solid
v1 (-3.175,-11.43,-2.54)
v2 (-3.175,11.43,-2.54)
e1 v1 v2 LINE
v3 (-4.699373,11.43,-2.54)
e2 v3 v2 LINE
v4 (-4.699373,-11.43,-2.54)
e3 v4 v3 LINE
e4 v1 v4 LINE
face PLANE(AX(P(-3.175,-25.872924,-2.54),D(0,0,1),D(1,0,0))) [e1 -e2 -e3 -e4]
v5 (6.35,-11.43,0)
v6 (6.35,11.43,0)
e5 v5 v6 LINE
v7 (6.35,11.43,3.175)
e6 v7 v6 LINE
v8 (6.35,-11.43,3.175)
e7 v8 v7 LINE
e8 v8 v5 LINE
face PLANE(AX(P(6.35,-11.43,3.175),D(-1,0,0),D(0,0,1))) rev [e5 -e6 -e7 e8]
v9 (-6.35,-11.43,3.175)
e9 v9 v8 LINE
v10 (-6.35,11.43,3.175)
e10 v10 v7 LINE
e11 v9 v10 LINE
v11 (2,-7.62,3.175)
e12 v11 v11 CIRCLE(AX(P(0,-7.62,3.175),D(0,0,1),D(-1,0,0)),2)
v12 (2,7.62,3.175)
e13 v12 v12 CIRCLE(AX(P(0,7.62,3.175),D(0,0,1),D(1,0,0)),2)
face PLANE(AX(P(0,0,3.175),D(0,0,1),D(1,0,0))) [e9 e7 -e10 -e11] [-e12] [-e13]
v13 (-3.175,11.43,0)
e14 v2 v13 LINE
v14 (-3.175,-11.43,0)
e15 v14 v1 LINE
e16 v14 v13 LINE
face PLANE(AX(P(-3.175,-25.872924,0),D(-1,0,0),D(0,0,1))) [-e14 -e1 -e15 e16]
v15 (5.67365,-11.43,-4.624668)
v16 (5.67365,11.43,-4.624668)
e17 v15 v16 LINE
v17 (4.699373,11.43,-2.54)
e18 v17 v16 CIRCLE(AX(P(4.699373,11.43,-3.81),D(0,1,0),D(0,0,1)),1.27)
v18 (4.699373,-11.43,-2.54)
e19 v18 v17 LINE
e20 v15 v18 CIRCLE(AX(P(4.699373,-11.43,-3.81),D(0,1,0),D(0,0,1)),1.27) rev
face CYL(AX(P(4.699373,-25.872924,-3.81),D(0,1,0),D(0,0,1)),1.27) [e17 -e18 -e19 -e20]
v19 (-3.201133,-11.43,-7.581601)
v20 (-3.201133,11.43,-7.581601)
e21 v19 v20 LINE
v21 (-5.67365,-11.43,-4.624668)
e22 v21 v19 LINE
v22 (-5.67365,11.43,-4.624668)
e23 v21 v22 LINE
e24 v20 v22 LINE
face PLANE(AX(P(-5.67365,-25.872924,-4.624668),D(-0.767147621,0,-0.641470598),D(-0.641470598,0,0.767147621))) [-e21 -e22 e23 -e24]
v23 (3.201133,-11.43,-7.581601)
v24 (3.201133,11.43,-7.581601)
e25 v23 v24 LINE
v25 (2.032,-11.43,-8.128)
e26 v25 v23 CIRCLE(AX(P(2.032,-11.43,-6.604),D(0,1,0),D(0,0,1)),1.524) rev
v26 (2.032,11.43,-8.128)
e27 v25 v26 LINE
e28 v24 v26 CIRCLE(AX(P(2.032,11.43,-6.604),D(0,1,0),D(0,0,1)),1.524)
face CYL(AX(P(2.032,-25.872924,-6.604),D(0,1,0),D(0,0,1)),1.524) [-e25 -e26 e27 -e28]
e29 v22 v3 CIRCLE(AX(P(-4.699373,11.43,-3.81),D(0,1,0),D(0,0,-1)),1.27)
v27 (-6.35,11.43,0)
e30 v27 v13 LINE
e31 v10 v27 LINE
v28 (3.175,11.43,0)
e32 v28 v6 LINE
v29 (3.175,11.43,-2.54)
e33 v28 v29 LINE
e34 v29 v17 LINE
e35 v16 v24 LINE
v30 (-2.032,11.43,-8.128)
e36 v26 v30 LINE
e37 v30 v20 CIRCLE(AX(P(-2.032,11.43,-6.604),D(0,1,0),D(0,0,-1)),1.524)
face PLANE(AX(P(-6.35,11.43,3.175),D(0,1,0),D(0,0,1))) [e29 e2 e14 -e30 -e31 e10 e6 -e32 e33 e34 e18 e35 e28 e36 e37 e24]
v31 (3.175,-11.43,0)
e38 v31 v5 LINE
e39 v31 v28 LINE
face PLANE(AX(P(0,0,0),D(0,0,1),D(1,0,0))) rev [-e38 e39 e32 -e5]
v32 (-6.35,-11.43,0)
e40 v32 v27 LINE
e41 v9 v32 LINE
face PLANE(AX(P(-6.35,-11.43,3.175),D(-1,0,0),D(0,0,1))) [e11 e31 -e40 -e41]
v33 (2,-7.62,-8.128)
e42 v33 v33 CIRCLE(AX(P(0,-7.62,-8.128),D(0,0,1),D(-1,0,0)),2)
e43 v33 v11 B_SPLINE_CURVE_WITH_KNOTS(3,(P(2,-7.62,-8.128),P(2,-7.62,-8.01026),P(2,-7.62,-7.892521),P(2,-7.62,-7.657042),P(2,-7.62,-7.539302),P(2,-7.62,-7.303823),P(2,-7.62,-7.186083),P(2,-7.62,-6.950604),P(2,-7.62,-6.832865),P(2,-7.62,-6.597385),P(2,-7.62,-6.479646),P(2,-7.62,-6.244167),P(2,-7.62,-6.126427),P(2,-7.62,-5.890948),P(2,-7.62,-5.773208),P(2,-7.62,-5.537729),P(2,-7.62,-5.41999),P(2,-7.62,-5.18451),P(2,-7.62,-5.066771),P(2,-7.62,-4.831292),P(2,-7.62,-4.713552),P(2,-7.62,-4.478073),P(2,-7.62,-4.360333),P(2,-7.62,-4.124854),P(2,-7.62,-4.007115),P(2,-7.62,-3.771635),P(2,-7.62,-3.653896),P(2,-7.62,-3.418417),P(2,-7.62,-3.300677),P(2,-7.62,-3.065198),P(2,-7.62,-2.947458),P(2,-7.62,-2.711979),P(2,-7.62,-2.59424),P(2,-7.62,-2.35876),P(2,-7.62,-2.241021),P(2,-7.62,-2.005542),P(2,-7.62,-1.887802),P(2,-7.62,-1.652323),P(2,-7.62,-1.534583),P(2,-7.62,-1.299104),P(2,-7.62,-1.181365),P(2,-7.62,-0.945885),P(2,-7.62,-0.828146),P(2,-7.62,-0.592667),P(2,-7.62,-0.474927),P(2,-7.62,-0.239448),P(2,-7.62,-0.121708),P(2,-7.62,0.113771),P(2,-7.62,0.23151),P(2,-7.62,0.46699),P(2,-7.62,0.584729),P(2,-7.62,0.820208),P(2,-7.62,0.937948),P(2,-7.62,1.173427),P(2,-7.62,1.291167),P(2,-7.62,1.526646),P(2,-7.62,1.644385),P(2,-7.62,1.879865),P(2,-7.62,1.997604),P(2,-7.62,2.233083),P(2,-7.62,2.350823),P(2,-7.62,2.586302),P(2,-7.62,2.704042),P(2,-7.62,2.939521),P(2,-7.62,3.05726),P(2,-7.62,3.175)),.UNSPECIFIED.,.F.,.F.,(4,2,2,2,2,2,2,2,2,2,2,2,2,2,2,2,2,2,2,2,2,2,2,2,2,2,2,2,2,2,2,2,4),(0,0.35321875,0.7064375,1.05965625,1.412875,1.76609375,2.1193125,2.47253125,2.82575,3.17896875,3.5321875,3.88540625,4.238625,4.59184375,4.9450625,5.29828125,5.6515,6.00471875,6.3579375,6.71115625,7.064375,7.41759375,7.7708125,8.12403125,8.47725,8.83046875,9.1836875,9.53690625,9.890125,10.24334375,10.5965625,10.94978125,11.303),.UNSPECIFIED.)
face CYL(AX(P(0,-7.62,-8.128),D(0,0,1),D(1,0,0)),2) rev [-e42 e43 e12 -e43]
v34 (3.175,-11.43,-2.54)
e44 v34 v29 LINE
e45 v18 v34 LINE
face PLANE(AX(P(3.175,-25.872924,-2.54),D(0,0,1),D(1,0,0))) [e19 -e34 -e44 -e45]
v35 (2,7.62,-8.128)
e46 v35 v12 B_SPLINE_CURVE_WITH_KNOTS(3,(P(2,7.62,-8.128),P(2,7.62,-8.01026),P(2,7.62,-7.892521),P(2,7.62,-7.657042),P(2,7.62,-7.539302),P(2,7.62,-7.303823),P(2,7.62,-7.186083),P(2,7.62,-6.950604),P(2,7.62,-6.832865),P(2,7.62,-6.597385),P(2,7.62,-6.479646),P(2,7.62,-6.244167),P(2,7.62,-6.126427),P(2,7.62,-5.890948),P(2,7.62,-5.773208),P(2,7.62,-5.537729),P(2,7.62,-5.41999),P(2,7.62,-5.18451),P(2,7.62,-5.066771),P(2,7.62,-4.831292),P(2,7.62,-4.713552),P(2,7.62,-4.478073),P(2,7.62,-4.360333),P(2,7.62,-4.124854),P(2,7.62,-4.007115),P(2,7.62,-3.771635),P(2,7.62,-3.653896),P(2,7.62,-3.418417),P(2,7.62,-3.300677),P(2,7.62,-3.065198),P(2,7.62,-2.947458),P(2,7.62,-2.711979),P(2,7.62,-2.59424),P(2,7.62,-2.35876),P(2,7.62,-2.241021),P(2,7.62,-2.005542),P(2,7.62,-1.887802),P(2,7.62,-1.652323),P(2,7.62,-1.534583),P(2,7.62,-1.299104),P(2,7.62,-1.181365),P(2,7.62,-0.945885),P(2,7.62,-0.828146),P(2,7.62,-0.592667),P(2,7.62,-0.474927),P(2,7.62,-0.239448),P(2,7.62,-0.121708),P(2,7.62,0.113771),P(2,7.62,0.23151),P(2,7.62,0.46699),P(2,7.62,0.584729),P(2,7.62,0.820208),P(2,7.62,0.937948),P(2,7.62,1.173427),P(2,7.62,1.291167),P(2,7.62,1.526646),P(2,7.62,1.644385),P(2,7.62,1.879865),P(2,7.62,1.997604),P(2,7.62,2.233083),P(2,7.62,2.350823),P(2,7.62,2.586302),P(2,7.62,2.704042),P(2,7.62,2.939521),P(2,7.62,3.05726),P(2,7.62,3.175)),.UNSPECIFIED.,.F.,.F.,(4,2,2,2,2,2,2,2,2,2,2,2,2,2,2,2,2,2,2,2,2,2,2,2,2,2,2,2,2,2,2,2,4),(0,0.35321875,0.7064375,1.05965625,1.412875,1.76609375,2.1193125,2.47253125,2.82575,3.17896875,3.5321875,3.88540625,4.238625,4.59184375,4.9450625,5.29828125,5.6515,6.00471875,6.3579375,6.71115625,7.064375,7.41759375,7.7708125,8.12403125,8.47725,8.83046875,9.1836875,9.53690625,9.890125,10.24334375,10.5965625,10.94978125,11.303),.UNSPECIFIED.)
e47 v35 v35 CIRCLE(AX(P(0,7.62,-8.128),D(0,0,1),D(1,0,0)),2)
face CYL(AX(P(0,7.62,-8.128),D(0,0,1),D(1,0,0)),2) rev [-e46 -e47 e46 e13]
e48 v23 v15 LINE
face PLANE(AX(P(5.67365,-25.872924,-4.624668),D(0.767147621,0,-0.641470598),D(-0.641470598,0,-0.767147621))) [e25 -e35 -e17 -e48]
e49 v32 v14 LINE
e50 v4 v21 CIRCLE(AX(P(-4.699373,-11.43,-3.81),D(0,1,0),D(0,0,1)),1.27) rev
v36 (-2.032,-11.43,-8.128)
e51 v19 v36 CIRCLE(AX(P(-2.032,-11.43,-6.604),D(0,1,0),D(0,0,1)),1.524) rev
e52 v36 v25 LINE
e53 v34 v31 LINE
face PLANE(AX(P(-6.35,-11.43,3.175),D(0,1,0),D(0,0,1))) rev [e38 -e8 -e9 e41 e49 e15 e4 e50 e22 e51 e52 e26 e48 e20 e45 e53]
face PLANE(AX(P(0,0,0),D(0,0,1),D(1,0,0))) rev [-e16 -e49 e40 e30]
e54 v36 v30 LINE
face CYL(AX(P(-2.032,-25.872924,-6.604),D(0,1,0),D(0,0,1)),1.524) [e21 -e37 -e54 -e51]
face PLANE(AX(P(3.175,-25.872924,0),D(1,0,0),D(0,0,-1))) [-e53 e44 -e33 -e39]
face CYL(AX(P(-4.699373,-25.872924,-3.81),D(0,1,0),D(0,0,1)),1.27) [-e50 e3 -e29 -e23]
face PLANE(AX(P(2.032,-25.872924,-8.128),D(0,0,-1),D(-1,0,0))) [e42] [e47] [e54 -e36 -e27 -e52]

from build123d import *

# Parameters (mm, degrees)
SKETCH1_W           = 12.7
SKETCH1_H           = 22.86
BOSS_EXTRUDE1_DEPTH = 3.175
BOSS_EXTRUDE2_DEPTH = 22.86
SKETCH4_R           = 2
CUT_EXTRUDE1_DEPTH  = 18.283668852


with BuildPart() as part:
    # Sketch1 → Boss-Extrude1 (new body)
    with BuildSketch(Plane.XY):
        Rectangle(SKETCH1_W, SKETCH1_H)
    extrude(amount=BOSS_EXTRUDE1_DEPTH)

    # Sketch2 → Boss-Extrude2 (add)
    with BuildSketch(Plane(origin=(0, 11.43, 0), x_dir=(1, 0, 0), z_dir=(0, 1, 0))):
        with BuildLine():
            Line((3.175, 0), (3.175, 2.54))
            Line((3.175, 2.54), (4.699372999, 2.54))
            ThreePointArc((4.699372999, 2.54), (5.849922417, 3.272286288), (5.673650477, 4.624667659))
            Line((5.673650477, 4.624667659), (3.201132974, 7.581601191))
            ThreePointArc((3.201132974, 7.581601191), (2.677256455, 7.984659302), (2.032, 8.128))
            Line((2.032, 8.128), (-2.032, 8.128))
            ThreePointArc((-2.032, 8.128), (-2.677256455, 7.984659302), (-3.201132974, 7.581601191))
            Line((-3.201132974, 7.581601191), (-5.673650477, 4.624667659))
            ThreePointArc((-5.673650477, 4.624667659), (-5.849922417, 3.272286288), (-4.699372999, 2.54))
            Line((-4.699372999, 2.54), (-3.175, 2.54))
            Line((-3.175, 2.54), (-3.175, 0))
            Line((-3.175, 0), (3.175, 0))
        make_face()
    extrude(amount=-BOSS_EXTRUDE2_DEPTH)

    # Sketch4 → Cut-Extrude1 (cut, through all)
    with BuildSketch(Plane.XY.offset(3.175)):
        with Locations((0, 7.62)):
            Circle(SKETCH4_R)
        with Locations((0, -7.62)):
            Circle(SKETCH4_R)
    extrude(amount=-CUT_EXTRUDE1_DEPTH, mode=Mode.SUBTRACT)


solid = part.part
